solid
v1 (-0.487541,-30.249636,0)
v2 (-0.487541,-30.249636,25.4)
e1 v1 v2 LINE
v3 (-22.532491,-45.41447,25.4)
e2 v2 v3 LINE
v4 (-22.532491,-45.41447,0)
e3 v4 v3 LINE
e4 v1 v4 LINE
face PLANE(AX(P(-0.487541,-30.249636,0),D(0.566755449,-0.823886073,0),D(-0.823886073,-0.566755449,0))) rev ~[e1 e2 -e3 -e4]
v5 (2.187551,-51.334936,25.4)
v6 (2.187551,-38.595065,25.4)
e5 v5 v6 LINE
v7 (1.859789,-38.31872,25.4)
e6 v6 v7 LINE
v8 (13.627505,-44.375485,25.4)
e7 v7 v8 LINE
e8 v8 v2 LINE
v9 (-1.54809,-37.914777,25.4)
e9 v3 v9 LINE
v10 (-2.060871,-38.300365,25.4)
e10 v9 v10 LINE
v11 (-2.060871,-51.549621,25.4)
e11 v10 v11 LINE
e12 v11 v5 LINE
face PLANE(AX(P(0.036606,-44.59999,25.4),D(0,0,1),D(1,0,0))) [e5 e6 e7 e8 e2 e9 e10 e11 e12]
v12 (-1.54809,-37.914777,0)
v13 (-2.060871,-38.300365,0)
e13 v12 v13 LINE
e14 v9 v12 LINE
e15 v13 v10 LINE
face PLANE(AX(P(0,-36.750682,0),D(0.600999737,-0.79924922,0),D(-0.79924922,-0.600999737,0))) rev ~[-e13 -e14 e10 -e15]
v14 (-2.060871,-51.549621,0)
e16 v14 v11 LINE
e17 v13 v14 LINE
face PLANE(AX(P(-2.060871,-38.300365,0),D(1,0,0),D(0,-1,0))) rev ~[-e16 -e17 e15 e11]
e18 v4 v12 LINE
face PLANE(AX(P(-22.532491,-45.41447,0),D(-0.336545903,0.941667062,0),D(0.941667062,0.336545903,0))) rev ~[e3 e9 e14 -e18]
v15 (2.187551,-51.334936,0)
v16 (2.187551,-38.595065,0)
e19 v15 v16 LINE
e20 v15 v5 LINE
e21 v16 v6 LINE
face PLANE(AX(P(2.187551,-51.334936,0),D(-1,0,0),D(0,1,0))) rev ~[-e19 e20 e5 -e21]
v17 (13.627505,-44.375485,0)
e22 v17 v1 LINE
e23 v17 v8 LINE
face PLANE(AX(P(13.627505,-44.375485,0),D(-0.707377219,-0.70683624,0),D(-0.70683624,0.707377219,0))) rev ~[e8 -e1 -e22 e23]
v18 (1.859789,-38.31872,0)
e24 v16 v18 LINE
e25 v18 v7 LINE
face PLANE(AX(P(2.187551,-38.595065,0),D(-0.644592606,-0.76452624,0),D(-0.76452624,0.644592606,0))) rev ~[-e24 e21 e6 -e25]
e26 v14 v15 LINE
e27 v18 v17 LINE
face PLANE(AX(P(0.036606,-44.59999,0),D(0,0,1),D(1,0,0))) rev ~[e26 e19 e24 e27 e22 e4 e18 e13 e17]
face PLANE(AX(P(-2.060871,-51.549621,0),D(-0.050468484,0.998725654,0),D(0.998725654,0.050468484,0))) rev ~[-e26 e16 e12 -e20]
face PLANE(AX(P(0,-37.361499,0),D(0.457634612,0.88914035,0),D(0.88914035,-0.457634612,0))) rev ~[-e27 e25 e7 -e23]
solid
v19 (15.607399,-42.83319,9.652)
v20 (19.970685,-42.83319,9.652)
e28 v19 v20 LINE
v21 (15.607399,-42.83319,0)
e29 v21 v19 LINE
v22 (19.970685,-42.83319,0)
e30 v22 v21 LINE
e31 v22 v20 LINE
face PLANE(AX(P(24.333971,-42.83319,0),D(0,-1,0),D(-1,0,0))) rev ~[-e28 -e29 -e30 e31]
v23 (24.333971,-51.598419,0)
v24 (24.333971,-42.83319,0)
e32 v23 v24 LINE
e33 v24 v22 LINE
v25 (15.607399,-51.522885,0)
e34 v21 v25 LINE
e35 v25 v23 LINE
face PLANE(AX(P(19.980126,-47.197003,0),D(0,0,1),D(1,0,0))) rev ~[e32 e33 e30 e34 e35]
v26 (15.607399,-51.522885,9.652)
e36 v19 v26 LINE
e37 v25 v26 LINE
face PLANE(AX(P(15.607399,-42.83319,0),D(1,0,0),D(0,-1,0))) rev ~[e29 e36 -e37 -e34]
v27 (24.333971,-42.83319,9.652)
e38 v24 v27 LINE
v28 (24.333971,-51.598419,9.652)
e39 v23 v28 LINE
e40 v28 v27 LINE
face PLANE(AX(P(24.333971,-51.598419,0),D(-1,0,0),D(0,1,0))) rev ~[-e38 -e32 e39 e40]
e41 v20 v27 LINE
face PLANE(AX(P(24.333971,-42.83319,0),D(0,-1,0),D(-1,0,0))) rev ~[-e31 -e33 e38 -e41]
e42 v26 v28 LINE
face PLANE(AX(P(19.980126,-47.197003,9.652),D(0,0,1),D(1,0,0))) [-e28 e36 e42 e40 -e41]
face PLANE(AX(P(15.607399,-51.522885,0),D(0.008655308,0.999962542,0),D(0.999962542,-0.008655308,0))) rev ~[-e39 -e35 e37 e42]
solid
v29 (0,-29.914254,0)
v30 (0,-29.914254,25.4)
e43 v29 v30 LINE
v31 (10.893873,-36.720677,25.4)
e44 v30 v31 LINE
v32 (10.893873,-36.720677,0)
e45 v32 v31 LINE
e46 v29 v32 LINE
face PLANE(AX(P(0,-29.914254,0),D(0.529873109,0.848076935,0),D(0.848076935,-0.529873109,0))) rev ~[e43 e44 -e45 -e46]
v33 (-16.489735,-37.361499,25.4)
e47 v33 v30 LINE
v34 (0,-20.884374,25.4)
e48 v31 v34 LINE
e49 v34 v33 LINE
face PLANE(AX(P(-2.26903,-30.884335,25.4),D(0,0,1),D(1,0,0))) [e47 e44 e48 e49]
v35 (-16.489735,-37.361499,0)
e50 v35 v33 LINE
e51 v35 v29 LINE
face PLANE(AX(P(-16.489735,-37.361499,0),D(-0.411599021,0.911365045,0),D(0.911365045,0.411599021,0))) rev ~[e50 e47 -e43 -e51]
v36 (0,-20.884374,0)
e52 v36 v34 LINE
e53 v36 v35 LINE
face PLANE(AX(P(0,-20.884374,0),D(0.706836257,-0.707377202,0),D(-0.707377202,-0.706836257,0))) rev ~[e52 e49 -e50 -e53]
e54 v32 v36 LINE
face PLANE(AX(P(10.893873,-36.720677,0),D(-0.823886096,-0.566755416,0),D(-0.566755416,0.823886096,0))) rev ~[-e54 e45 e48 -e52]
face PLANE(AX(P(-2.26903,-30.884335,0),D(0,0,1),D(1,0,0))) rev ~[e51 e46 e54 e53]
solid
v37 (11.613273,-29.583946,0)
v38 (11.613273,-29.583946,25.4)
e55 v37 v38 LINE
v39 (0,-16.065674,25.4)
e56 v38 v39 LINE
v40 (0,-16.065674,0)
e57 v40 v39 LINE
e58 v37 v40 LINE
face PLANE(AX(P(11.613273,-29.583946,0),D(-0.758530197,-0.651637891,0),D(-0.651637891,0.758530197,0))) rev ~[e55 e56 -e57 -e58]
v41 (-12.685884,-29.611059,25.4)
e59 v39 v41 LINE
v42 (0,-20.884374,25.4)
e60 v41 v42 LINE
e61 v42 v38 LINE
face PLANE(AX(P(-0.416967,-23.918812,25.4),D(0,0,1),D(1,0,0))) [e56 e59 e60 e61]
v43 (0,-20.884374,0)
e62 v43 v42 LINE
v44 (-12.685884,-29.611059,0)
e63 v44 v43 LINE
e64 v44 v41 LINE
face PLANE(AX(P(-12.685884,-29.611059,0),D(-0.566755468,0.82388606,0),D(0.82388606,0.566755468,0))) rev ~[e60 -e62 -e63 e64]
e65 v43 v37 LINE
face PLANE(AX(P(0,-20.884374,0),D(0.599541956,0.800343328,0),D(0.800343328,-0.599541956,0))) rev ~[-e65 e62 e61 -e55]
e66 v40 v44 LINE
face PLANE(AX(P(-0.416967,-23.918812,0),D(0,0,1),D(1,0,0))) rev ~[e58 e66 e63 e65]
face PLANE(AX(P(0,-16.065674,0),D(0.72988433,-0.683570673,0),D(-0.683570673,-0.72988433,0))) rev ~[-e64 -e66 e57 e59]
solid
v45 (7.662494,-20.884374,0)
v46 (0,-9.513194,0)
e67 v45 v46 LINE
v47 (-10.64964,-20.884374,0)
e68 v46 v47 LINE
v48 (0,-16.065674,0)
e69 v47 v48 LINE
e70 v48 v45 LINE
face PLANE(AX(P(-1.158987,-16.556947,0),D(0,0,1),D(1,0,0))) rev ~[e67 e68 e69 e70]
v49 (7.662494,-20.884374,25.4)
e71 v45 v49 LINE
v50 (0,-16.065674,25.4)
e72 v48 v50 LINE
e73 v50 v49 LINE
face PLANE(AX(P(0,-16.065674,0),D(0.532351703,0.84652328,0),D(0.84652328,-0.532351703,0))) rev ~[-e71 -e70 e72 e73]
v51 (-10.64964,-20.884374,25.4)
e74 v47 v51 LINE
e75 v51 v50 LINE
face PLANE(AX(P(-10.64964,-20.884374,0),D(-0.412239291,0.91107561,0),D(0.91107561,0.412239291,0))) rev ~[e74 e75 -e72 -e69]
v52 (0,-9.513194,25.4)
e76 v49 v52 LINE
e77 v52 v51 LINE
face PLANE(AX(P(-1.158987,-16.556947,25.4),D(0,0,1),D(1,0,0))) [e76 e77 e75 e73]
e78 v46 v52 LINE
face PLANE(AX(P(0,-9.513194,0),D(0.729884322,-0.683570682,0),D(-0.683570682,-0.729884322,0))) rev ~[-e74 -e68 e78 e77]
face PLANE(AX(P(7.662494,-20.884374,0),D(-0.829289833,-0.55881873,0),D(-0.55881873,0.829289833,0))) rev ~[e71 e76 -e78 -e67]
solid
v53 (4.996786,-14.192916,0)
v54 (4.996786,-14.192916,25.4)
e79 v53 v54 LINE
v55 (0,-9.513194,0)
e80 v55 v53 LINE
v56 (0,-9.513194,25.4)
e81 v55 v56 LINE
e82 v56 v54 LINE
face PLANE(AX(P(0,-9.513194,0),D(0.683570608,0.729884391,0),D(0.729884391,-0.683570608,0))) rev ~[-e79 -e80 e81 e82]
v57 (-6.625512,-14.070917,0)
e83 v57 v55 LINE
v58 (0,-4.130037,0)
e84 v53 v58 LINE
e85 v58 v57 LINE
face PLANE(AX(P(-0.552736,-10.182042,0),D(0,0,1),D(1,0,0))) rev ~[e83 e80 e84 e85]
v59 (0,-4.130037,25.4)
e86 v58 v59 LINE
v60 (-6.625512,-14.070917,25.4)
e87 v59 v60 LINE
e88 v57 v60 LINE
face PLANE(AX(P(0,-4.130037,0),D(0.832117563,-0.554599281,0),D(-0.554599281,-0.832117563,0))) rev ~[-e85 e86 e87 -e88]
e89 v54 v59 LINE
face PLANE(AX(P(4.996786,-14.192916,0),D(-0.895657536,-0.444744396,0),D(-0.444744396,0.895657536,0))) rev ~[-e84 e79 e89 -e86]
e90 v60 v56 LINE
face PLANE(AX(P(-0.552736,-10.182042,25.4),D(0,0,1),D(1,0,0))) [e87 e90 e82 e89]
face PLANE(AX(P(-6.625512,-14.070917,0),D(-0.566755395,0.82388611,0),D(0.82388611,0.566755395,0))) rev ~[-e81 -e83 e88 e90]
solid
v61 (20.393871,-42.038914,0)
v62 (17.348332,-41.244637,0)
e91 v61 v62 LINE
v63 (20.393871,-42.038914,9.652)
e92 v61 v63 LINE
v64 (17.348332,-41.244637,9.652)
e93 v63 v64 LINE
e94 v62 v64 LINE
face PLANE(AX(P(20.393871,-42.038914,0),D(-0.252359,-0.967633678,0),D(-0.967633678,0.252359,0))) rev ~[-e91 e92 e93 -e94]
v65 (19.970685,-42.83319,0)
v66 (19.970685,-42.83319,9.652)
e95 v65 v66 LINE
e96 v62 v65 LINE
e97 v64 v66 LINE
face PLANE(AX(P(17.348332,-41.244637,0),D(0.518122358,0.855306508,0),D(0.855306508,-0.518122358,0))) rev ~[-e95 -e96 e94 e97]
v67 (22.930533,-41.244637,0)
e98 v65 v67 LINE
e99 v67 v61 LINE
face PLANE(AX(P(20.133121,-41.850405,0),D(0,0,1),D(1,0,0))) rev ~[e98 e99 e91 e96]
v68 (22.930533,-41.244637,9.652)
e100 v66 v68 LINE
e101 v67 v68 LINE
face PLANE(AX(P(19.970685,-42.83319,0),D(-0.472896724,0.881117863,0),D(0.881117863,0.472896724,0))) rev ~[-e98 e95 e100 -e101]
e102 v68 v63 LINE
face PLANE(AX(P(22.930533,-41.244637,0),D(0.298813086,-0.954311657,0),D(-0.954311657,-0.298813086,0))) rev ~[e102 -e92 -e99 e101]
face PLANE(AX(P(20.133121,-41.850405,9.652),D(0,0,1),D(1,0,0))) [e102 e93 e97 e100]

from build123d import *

# Parameters (mm, degrees)
F1_DEPTH = 25.4
F3_DEPTH = 25.4
F5_DEPTH = 9.652


with BuildPart() as f1:
    # F0 (on Top) → F1 (new body)
    with BuildSketch(Plane.XY):
        Polygon((0, -16.065674), (-12.685884, -29.611059), (0, -20.884374), (11.613273, -29.583946), align=None)
        Polygon((-6.625512, -14.070917), (0, -9.513194), (4.996786, -14.192916), (0, -4.130037), align=None)
        Polygon((-10.64964, -20.884374), (0, -16.065674), (7.662494, -20.884374), (0, -9.513194), align=None)
        Polygon((13.627505, -44.375485), (-0.487541, -30.249636), (-22.532491, -45.41447), (0, -37.361499), align=None)
        Polygon((10.893873, -36.720677), (0, -20.884374), (-16.489735, -37.361499), (0, -29.914254), align=None)
    extrude(amount=F1_DEPTH)

    # F2 (on Top) → F3 (join)
    with BuildSketch(Plane.XY):
        Polygon((2.187551, -51.334936), (2.187551, -38.595065), (0, -36.750682), (-2.060871, -38.300365), (-2.060871, -51.549621), align=None)
    extrude(amount=F3_DEPTH)


with BuildPart() as f5:
    # F4 (on Top) → F5 (new body)
    with BuildSketch(Plane.XY):
        Polygon((17.348332, -41.244637), (19.970685, -42.83319), (22.930533, -41.244637), (20.393871, -42.038914), align=None)
        Polygon((15.607399, -42.83319), (15.607399, -51.522885), (24.333971, -51.598419), (24.333971, -42.83319), (19.970685, -42.83319), align=None)
    extrude(amount=F5_DEPTH)


solid = Compound([f1.part, f5.part])
